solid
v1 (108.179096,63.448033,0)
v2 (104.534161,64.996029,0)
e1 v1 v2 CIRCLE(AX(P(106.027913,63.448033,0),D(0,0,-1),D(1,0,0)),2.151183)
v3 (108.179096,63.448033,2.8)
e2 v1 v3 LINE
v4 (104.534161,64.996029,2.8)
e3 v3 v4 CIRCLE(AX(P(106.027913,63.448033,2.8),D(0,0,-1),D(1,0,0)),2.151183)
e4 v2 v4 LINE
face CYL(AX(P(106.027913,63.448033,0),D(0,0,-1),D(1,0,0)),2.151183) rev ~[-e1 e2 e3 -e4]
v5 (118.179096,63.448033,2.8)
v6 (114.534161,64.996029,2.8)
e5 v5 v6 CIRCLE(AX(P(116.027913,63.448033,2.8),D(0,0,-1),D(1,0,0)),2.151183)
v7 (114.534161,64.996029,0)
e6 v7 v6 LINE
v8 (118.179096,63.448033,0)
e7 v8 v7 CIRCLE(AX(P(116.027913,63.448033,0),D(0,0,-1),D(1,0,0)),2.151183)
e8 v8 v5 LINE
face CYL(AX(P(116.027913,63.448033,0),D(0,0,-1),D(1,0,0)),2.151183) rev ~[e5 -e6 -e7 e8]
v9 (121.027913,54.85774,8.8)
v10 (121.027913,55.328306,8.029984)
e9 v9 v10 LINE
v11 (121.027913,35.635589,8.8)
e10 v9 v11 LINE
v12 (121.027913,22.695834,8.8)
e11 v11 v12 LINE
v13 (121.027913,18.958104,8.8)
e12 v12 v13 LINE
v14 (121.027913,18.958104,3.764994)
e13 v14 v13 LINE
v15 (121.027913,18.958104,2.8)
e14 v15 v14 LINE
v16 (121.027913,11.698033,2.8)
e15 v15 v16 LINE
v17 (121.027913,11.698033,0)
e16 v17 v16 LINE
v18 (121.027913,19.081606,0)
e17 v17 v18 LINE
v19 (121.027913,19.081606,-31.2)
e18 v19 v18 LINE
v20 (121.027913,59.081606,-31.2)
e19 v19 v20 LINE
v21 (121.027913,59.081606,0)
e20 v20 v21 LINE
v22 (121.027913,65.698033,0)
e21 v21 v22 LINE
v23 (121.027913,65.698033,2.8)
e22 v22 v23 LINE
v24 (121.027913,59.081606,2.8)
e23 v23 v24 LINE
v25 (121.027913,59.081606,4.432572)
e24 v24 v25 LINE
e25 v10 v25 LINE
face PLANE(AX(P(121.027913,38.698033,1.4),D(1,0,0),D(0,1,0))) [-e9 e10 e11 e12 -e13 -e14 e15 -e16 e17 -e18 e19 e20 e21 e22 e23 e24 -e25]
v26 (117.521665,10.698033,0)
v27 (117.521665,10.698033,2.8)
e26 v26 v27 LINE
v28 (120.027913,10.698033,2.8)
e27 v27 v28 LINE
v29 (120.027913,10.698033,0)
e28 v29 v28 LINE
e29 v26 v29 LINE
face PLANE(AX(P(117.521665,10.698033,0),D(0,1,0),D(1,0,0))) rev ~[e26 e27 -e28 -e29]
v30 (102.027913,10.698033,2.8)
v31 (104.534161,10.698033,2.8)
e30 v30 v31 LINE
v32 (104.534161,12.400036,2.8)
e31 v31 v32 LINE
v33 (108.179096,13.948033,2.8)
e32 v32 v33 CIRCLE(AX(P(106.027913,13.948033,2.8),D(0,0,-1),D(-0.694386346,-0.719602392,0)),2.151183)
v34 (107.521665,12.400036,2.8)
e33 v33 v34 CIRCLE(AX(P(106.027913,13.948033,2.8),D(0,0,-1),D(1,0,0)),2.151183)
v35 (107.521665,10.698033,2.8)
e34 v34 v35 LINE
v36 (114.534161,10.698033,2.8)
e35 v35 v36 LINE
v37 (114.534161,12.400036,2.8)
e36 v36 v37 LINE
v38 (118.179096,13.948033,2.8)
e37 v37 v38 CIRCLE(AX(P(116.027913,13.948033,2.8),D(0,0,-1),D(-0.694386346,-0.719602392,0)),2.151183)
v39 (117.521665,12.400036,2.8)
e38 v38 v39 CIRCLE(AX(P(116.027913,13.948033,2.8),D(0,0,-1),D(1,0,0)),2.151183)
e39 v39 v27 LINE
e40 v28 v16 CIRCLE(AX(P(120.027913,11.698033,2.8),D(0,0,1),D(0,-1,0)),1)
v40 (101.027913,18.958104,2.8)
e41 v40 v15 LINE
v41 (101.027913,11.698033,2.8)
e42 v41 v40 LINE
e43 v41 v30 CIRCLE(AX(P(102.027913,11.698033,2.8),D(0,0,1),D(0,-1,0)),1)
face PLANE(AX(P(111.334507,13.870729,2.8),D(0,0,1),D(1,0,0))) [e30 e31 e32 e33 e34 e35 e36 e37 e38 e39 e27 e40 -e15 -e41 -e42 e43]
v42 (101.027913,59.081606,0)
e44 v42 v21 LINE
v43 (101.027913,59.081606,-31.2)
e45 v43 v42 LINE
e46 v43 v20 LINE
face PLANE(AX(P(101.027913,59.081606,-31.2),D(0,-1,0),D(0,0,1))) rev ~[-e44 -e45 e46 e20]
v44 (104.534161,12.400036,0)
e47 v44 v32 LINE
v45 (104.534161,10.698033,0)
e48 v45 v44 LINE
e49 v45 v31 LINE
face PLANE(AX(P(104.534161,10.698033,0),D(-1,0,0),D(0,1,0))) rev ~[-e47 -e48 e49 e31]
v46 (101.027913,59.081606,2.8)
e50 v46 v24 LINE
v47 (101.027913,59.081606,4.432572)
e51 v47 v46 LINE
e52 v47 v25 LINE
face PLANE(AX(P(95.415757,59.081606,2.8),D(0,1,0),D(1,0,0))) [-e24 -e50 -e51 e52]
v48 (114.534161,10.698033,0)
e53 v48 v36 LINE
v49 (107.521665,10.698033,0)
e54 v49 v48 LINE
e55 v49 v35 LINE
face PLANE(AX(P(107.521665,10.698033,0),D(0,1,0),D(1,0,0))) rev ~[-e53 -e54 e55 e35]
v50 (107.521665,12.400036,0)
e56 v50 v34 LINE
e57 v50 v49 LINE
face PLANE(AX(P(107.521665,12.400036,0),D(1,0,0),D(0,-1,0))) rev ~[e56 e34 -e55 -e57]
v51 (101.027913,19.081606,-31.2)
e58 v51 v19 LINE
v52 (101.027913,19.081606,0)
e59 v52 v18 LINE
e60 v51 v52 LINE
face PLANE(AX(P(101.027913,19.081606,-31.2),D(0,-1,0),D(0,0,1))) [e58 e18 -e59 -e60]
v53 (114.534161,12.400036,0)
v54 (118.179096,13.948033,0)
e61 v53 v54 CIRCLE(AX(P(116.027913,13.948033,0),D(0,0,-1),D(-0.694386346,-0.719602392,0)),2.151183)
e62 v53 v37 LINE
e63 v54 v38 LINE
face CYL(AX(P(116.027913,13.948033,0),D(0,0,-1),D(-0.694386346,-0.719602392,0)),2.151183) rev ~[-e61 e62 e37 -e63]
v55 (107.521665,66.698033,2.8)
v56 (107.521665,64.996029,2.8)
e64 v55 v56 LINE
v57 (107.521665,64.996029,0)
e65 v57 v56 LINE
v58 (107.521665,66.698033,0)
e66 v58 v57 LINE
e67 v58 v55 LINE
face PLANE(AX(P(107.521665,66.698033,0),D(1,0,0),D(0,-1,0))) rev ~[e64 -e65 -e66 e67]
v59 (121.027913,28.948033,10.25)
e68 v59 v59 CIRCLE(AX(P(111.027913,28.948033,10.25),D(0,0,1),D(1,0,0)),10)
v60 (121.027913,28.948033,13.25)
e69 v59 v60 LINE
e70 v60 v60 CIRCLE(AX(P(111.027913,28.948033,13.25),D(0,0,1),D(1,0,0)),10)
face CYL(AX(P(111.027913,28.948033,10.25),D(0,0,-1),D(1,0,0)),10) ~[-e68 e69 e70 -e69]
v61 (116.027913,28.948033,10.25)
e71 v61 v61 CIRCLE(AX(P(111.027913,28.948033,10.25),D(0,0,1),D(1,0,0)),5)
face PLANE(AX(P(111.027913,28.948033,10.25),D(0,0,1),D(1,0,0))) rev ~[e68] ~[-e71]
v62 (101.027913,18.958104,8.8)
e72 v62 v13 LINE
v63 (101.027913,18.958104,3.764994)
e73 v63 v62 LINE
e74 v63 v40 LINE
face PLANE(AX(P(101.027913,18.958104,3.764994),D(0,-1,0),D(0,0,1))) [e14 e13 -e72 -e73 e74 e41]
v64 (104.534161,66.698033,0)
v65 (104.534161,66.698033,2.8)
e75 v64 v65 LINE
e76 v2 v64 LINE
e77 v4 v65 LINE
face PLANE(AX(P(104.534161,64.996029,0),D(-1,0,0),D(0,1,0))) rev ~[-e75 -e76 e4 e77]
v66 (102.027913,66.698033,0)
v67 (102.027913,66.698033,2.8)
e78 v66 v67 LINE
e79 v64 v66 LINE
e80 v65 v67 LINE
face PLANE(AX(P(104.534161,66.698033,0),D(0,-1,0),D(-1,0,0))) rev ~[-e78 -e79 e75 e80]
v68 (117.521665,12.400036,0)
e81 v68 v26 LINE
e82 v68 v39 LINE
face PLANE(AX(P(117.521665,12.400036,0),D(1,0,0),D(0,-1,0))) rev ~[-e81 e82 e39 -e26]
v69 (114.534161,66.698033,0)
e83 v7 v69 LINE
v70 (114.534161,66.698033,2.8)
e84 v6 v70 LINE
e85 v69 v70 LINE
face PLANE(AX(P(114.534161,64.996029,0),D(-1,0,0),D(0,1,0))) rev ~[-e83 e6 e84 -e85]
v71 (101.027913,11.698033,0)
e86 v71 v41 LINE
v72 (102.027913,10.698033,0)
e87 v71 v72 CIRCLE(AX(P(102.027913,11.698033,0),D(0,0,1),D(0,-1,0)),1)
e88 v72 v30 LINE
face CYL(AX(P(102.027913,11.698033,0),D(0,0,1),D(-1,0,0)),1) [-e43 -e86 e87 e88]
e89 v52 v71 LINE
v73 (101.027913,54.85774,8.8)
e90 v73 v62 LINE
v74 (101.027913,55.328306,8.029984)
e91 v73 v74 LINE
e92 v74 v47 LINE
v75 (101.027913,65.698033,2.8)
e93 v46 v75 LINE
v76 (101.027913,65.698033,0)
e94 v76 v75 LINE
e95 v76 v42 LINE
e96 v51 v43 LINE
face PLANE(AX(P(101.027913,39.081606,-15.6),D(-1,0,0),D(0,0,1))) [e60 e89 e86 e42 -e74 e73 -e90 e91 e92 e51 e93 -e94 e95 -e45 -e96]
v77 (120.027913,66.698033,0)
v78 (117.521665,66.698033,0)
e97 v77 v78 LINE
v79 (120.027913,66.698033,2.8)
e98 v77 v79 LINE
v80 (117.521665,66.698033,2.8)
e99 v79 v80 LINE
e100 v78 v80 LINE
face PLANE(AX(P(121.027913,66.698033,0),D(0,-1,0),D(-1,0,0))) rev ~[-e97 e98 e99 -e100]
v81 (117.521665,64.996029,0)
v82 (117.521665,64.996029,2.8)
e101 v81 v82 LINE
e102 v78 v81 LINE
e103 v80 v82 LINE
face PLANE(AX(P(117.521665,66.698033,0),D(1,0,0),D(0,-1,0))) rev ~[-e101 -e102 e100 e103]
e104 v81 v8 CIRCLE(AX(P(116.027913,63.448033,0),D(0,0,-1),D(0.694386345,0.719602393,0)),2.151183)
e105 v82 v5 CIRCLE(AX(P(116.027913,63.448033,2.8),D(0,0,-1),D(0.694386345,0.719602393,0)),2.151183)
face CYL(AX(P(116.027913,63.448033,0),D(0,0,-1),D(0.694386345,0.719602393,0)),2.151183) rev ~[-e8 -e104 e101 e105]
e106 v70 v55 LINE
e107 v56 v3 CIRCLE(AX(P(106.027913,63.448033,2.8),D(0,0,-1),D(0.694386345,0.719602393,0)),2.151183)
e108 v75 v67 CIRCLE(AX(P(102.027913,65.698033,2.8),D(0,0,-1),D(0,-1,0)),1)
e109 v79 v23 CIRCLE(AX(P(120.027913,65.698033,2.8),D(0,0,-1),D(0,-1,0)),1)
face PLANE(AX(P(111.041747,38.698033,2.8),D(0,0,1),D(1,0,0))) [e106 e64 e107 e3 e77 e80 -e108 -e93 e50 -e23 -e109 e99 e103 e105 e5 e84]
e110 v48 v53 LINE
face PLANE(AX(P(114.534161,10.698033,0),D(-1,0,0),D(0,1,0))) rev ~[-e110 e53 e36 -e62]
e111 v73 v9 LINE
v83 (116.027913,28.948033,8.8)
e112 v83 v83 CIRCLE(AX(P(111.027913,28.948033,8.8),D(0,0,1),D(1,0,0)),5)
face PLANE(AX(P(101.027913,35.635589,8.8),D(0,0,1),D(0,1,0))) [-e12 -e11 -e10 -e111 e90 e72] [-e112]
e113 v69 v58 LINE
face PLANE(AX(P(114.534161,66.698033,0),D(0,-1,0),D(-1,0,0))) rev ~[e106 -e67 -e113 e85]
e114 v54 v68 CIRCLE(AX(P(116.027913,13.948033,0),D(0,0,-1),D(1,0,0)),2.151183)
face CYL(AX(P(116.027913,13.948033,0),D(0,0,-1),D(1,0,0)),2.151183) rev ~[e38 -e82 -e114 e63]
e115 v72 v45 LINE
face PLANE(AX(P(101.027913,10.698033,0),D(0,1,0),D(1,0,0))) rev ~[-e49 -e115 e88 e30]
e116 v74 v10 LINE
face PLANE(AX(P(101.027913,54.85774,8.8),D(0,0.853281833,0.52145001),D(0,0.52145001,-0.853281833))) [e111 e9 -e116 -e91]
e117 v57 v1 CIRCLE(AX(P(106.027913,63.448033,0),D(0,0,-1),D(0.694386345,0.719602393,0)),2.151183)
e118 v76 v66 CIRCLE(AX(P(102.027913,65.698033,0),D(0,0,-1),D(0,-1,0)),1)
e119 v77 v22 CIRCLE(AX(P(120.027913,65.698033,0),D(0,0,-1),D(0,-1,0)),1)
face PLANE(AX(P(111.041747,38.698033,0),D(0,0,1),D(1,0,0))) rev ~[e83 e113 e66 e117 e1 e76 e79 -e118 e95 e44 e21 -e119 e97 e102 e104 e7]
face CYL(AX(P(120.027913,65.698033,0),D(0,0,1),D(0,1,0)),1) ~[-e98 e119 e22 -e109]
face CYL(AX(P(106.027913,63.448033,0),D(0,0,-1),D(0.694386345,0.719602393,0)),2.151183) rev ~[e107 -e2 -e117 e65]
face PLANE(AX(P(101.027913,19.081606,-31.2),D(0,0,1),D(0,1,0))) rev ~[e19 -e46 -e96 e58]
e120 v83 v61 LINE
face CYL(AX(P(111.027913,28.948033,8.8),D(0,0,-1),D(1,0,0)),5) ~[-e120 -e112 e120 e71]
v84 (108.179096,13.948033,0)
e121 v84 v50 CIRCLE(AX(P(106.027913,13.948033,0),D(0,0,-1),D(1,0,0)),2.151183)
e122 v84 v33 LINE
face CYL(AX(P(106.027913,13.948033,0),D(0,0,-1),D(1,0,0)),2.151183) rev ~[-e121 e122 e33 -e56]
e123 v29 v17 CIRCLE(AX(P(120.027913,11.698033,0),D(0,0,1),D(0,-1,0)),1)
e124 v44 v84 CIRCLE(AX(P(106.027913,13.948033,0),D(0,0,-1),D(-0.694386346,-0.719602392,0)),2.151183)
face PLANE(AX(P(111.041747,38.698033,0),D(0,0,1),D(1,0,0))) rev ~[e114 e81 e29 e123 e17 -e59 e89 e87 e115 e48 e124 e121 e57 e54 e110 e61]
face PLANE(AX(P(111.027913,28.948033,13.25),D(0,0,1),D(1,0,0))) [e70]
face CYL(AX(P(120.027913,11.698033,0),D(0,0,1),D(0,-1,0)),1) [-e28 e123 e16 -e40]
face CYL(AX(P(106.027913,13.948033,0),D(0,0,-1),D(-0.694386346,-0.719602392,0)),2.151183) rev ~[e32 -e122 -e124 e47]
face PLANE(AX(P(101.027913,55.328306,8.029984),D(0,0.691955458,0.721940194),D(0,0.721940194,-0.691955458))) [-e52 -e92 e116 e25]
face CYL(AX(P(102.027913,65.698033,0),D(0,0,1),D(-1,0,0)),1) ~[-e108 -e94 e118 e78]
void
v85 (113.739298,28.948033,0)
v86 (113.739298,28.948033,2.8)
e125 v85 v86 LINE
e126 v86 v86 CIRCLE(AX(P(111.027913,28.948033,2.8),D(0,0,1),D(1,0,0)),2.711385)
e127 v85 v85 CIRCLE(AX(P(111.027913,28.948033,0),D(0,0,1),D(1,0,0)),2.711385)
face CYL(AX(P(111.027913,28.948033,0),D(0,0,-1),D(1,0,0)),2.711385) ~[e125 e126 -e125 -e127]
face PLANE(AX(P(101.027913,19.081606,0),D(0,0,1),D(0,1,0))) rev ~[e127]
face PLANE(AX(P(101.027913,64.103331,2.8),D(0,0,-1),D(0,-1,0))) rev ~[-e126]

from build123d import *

# Parameters (mm, degrees)
SKETCH1_R           = 2.71138536
BOSS_EXTRUDE2_DEPTH = 2.8
FILLET1_R           = 1
BOSS_EXTRUDE4_REACH = 71.688
SKETCH5_W           = 31.2
SKETCH5_H           = 40
CUT_EXTRUDE1_DEPTH  = 143.310868606
SKETCH7_W           = 29.686403428
SKETCH7_H           = 9.387658688
SKETCH7_W_2         = 27.535306267
SKETCH7_H_2         = 10.174748845
CUT_EXTRUDE2_DEPTH  = 143.310868606
SKETCH9_R           = 3.527564699
BOSS_EXTRUDE5_DEPTH = 4.45
SKETCH8_W           = 7.436989159
SKETCH8_H           = 16.512703909
CUT_EXTRUDE4_DEPTH  = 77.302474202
SKETCH11_R          = 5
BOSS_EXTRUDE6_DEPTH = 1.45
SKETCH12_R          = 10
BOSS_EXTRUDE7_DEPTH = 3


with BuildPart() as part:
    # Sketch1 → Boss-Extrude2 (new body)
    with BuildSketch(Plane.XY):
        with BuildLine():
            Line((101.027913119, 66.698032725), (101.027913119, 10.698032725))
            Line((101.027913119, 10.698032725), (104.53416083, 10.698032725))
            Line((104.53416083, 10.698032725), (104.53416083, 12.400036101))
            ThreePointArc((104.53416083, 12.400036101), (105.187004527, 15.928048429), (108.179096386, 13.948032725))
            ThreePointArc((108.179096386, 13.948032725), (108.007928823, 13.107124133), (107.521665407, 12.400036101))
            Line((107.521665407, 12.400036101), (107.521665407, 10.698032725))
            Line((107.521665407, 10.698032725), (114.53416083, 10.698032725))
            Line((114.53416083, 10.698032725), (114.53416083, 12.400036101))
            ThreePointArc((114.53416083, 12.400036101), (115.187004527, 15.928048429), (118.179096386, 13.948032725))
            ThreePointArc((118.179096386, 13.948032725), (118.007928823, 13.107124133), (117.521665407, 12.400036101))
            Line((117.521665407, 12.400036101), (117.521665407, 10.698032725))
            Line((117.521665407, 10.698032725), (121.027913119, 10.698032725))
            Line((121.027913119, 10.698032725), (121.027913119, 66.698032725))
            Line((121.027913119, 66.698032725), (117.521665407, 66.698032725))
            Line((117.521665407, 66.698032725), (117.521665407, 64.996029349))
            ThreePointArc((117.521665407, 64.996029349), (118.007928823, 64.288941317), (118.179096386, 63.448032725))
            ThreePointArc((118.179096386, 63.448032725), (115.187004527, 61.468017021), (114.53416083, 64.996029349))
            Line((114.53416083, 64.996029349), (114.53416083, 66.698032725))
            Line((114.53416083, 66.698032725), (107.521665407, 66.698032725))
            Line((107.521665407, 66.698032725), (107.521665407, 64.996029349))
            ThreePointArc((107.521665407, 64.996029349), (108.007928823, 64.288941317), (108.179096386, 63.448032725))
            ThreePointArc((108.179096386, 63.448032725), (105.187004527, 61.468017021), (104.53416083, 64.996029349))
            Line((104.53416083, 64.996029349), (104.53416083, 66.698032725))
            Line((104.53416083, 66.698032725), (101.027913119, 66.698032725))
        make_face()
        with Locations((111.027913119, 28.948032725)):
            Circle(SKETCH1_R, mode=Mode.SUBTRACT)
    extrude(amount=BOSS_EXTRUDE2_DEPTH)

    # Fillet1
    fillet1_edges = [part.edges().sort_by_distance(p)[0] for p in [
        (101.027913119, 10.698032725, 1.4),
        (101.027913119, 66.698032725, 1.4),
        (121.027913119, 66.698032725, 1.4),
        (121.027913119, 10.698032725, 1.4),
    ]]
    fillet(fillet1_edges, radius=FILLET1_R)

    # Boss-Extrude4: up to this face of the body (flat: up to its plane)
    boss_extrude4_end = Plane(part.part.faces().sort_by_distance((121.027913119, 38.698032725, 1.4))[0])
    # Sketch5 → Boss-Extrude4 (add, up to the picked face)
    with BuildSketch(Plane.ZY.offset(-101.027913119), mode=Mode.PRIVATE) as boss_extrude4_sk1:
        Polygon((4.36856715, 64.103331084), (2.8, 64.103331084), (2.8, 13.685897531), (3.764993714, 13.685897531), (3.764993714, 18.958103522), (8.8, 18.958103522), (8.8, 22.695834212), (9.718562106, 23.589991727), (9.718562106, 25.946850167), (13.25, 25.946850167), (13.25, 32.391247199), (9.718562106, 32.391247199), (9.718562106, 35.074245433), (8.8, 35.635588942), (8.8, 54.857740136), (8.029983718, 55.328305642), (4.432571629, 59.081605588), (4.36856715, 59.081605588), align=None)
    boss_extrude4_tool1 = split(extrude(boss_extrude4_sk1.sketch, amount=-BOSS_EXTRUDE4_REACH, mode=Mode.PRIVATE), bisect_by=boss_extrude4_end, keep=Keep.BOTH, mode=Mode.PRIVATE)
    # Sketch5 → Boss-Extrude4 (add, up to the picked face)
    with BuildSketch(Plane.ZY.offset(-101.027913119), mode=Mode.PRIVATE) as boss_extrude4_sk2:
        with Locations((-15.6, 39.081605588)):
            Rectangle(SKETCH5_W, SKETCH5_H)
    boss_extrude4_tool2 = split(extrude(boss_extrude4_sk2.sketch, amount=-BOSS_EXTRUDE4_REACH, mode=Mode.PRIVATE), bisect_by=boss_extrude4_end, keep=Keep.BOTH, mode=Mode.PRIVATE)
    add(boss_extrude4_tool1.solids().sort_by(Axis((101.027913, 37.386075, 6.241915), (1, 0, 0)))[0])
    add(boss_extrude4_tool2.solids().sort_by(Axis((101.027913, 39.081606, -15.6), (1, 0, 0)))[0])

    # Sketch6 → Cut-Extrude1 (cut, through all)
    with BuildSketch(Plane(origin=(0, 0, 2.8), x_dir=(-1, 0, 0), z_dir=(0, 0, -1))):
        with BuildLine():
            Line((-113.978968632, 64.103331084), (-118.076857605, 64.103331084))
            ThreePointArc((-118.076857605, 64.103331084), (-116.027913119, 61.296849458), (-113.978968632, 64.103331084))
        make_face()
        with BuildLine():
            Line((-103.978968632, 64.103331084), (-108.076857605, 64.103331084))
            ThreePointArc((-108.076857605, 64.103331084), (-106.027913119, 61.296849458), (-103.978968632, 64.103331084))
        make_face()
        with BuildLine():
            Line((-118.163065242, 13.685897531), (-113.892760996, 13.685897531))
            ThreePointArc((-113.892760996, 13.685897531), (-116.027913119, 16.099215992), (-118.163065242, 13.685897531))
        make_face()
        with BuildLine():
            Line((-108.163065242, 13.685897531), (-103.892760996, 13.685897531))
            ThreePointArc((-103.892760996, 13.685897531), (-106.027913119, 16.099215992), (-108.163065242, 13.685897531))
        make_face()
    extrude(amount=-CUT_EXTRUDE1_DEPTH, mode=Mode.SUBTRACT)

    # Sketch7 → Cut-Extrude2 (cut, through all)
    with BuildSketch(Plane.XY.offset(2.8)):
        with Locations((110.258958877, 63.775434932)):
            Rectangle(SKETCH7_W, SKETCH7_H)
        with Locations((111.334507458, 13.8707291)):
            Rectangle(SKETCH7_W_2, SKETCH7_H_2)
    extrude(amount=CUT_EXTRUDE2_DEPTH, mode=Mode.SUBTRACT)

    # Sketch8 → Cut-Extrude4 (cut, through all)
    with BuildSketch(Plane.ZY.offset(-101.027913119)):
        with Locations((12.51849458, 29.114960016)):
            Rectangle(SKETCH8_W, SKETCH8_H)
    extrude(amount=-CUT_EXTRUDE4_DEPTH, mode=Mode.SUBTRACT)



with BuildPart() as body_2:
    # Sketch9 → Boss-Extrude5 (new, through all)
    with BuildSketch(Plane.XY.offset(8.8)):
        with Locations((111.027913119, 28.948032725)):
            Circle(SKETCH9_R)
    extrude(amount=BOSS_EXTRUDE5_DEPTH)


with BuildPart() as part_1:
    add(part.part)

    add(body_2.part)  # Boss-Extrude6 merges body 2
    # Sketch11 → Boss-Extrude6 (add)
    with BuildSketch(Plane.XY.offset(8.8)):
        with Locations((111.027913119, 28.948032725)):
            Circle(SKETCH11_R)
    extrude(amount=BOSS_EXTRUDE6_DEPTH)

    # Sketch12 → Boss-Extrude7 (add)
    with BuildSketch(Plane.XY.offset(10.25)):
        with Locations((111.027913119, 28.948032725)):
            Circle(SKETCH12_R)
    extrude(amount=BOSS_EXTRUDE7_DEPTH)


solid = part_1.part
